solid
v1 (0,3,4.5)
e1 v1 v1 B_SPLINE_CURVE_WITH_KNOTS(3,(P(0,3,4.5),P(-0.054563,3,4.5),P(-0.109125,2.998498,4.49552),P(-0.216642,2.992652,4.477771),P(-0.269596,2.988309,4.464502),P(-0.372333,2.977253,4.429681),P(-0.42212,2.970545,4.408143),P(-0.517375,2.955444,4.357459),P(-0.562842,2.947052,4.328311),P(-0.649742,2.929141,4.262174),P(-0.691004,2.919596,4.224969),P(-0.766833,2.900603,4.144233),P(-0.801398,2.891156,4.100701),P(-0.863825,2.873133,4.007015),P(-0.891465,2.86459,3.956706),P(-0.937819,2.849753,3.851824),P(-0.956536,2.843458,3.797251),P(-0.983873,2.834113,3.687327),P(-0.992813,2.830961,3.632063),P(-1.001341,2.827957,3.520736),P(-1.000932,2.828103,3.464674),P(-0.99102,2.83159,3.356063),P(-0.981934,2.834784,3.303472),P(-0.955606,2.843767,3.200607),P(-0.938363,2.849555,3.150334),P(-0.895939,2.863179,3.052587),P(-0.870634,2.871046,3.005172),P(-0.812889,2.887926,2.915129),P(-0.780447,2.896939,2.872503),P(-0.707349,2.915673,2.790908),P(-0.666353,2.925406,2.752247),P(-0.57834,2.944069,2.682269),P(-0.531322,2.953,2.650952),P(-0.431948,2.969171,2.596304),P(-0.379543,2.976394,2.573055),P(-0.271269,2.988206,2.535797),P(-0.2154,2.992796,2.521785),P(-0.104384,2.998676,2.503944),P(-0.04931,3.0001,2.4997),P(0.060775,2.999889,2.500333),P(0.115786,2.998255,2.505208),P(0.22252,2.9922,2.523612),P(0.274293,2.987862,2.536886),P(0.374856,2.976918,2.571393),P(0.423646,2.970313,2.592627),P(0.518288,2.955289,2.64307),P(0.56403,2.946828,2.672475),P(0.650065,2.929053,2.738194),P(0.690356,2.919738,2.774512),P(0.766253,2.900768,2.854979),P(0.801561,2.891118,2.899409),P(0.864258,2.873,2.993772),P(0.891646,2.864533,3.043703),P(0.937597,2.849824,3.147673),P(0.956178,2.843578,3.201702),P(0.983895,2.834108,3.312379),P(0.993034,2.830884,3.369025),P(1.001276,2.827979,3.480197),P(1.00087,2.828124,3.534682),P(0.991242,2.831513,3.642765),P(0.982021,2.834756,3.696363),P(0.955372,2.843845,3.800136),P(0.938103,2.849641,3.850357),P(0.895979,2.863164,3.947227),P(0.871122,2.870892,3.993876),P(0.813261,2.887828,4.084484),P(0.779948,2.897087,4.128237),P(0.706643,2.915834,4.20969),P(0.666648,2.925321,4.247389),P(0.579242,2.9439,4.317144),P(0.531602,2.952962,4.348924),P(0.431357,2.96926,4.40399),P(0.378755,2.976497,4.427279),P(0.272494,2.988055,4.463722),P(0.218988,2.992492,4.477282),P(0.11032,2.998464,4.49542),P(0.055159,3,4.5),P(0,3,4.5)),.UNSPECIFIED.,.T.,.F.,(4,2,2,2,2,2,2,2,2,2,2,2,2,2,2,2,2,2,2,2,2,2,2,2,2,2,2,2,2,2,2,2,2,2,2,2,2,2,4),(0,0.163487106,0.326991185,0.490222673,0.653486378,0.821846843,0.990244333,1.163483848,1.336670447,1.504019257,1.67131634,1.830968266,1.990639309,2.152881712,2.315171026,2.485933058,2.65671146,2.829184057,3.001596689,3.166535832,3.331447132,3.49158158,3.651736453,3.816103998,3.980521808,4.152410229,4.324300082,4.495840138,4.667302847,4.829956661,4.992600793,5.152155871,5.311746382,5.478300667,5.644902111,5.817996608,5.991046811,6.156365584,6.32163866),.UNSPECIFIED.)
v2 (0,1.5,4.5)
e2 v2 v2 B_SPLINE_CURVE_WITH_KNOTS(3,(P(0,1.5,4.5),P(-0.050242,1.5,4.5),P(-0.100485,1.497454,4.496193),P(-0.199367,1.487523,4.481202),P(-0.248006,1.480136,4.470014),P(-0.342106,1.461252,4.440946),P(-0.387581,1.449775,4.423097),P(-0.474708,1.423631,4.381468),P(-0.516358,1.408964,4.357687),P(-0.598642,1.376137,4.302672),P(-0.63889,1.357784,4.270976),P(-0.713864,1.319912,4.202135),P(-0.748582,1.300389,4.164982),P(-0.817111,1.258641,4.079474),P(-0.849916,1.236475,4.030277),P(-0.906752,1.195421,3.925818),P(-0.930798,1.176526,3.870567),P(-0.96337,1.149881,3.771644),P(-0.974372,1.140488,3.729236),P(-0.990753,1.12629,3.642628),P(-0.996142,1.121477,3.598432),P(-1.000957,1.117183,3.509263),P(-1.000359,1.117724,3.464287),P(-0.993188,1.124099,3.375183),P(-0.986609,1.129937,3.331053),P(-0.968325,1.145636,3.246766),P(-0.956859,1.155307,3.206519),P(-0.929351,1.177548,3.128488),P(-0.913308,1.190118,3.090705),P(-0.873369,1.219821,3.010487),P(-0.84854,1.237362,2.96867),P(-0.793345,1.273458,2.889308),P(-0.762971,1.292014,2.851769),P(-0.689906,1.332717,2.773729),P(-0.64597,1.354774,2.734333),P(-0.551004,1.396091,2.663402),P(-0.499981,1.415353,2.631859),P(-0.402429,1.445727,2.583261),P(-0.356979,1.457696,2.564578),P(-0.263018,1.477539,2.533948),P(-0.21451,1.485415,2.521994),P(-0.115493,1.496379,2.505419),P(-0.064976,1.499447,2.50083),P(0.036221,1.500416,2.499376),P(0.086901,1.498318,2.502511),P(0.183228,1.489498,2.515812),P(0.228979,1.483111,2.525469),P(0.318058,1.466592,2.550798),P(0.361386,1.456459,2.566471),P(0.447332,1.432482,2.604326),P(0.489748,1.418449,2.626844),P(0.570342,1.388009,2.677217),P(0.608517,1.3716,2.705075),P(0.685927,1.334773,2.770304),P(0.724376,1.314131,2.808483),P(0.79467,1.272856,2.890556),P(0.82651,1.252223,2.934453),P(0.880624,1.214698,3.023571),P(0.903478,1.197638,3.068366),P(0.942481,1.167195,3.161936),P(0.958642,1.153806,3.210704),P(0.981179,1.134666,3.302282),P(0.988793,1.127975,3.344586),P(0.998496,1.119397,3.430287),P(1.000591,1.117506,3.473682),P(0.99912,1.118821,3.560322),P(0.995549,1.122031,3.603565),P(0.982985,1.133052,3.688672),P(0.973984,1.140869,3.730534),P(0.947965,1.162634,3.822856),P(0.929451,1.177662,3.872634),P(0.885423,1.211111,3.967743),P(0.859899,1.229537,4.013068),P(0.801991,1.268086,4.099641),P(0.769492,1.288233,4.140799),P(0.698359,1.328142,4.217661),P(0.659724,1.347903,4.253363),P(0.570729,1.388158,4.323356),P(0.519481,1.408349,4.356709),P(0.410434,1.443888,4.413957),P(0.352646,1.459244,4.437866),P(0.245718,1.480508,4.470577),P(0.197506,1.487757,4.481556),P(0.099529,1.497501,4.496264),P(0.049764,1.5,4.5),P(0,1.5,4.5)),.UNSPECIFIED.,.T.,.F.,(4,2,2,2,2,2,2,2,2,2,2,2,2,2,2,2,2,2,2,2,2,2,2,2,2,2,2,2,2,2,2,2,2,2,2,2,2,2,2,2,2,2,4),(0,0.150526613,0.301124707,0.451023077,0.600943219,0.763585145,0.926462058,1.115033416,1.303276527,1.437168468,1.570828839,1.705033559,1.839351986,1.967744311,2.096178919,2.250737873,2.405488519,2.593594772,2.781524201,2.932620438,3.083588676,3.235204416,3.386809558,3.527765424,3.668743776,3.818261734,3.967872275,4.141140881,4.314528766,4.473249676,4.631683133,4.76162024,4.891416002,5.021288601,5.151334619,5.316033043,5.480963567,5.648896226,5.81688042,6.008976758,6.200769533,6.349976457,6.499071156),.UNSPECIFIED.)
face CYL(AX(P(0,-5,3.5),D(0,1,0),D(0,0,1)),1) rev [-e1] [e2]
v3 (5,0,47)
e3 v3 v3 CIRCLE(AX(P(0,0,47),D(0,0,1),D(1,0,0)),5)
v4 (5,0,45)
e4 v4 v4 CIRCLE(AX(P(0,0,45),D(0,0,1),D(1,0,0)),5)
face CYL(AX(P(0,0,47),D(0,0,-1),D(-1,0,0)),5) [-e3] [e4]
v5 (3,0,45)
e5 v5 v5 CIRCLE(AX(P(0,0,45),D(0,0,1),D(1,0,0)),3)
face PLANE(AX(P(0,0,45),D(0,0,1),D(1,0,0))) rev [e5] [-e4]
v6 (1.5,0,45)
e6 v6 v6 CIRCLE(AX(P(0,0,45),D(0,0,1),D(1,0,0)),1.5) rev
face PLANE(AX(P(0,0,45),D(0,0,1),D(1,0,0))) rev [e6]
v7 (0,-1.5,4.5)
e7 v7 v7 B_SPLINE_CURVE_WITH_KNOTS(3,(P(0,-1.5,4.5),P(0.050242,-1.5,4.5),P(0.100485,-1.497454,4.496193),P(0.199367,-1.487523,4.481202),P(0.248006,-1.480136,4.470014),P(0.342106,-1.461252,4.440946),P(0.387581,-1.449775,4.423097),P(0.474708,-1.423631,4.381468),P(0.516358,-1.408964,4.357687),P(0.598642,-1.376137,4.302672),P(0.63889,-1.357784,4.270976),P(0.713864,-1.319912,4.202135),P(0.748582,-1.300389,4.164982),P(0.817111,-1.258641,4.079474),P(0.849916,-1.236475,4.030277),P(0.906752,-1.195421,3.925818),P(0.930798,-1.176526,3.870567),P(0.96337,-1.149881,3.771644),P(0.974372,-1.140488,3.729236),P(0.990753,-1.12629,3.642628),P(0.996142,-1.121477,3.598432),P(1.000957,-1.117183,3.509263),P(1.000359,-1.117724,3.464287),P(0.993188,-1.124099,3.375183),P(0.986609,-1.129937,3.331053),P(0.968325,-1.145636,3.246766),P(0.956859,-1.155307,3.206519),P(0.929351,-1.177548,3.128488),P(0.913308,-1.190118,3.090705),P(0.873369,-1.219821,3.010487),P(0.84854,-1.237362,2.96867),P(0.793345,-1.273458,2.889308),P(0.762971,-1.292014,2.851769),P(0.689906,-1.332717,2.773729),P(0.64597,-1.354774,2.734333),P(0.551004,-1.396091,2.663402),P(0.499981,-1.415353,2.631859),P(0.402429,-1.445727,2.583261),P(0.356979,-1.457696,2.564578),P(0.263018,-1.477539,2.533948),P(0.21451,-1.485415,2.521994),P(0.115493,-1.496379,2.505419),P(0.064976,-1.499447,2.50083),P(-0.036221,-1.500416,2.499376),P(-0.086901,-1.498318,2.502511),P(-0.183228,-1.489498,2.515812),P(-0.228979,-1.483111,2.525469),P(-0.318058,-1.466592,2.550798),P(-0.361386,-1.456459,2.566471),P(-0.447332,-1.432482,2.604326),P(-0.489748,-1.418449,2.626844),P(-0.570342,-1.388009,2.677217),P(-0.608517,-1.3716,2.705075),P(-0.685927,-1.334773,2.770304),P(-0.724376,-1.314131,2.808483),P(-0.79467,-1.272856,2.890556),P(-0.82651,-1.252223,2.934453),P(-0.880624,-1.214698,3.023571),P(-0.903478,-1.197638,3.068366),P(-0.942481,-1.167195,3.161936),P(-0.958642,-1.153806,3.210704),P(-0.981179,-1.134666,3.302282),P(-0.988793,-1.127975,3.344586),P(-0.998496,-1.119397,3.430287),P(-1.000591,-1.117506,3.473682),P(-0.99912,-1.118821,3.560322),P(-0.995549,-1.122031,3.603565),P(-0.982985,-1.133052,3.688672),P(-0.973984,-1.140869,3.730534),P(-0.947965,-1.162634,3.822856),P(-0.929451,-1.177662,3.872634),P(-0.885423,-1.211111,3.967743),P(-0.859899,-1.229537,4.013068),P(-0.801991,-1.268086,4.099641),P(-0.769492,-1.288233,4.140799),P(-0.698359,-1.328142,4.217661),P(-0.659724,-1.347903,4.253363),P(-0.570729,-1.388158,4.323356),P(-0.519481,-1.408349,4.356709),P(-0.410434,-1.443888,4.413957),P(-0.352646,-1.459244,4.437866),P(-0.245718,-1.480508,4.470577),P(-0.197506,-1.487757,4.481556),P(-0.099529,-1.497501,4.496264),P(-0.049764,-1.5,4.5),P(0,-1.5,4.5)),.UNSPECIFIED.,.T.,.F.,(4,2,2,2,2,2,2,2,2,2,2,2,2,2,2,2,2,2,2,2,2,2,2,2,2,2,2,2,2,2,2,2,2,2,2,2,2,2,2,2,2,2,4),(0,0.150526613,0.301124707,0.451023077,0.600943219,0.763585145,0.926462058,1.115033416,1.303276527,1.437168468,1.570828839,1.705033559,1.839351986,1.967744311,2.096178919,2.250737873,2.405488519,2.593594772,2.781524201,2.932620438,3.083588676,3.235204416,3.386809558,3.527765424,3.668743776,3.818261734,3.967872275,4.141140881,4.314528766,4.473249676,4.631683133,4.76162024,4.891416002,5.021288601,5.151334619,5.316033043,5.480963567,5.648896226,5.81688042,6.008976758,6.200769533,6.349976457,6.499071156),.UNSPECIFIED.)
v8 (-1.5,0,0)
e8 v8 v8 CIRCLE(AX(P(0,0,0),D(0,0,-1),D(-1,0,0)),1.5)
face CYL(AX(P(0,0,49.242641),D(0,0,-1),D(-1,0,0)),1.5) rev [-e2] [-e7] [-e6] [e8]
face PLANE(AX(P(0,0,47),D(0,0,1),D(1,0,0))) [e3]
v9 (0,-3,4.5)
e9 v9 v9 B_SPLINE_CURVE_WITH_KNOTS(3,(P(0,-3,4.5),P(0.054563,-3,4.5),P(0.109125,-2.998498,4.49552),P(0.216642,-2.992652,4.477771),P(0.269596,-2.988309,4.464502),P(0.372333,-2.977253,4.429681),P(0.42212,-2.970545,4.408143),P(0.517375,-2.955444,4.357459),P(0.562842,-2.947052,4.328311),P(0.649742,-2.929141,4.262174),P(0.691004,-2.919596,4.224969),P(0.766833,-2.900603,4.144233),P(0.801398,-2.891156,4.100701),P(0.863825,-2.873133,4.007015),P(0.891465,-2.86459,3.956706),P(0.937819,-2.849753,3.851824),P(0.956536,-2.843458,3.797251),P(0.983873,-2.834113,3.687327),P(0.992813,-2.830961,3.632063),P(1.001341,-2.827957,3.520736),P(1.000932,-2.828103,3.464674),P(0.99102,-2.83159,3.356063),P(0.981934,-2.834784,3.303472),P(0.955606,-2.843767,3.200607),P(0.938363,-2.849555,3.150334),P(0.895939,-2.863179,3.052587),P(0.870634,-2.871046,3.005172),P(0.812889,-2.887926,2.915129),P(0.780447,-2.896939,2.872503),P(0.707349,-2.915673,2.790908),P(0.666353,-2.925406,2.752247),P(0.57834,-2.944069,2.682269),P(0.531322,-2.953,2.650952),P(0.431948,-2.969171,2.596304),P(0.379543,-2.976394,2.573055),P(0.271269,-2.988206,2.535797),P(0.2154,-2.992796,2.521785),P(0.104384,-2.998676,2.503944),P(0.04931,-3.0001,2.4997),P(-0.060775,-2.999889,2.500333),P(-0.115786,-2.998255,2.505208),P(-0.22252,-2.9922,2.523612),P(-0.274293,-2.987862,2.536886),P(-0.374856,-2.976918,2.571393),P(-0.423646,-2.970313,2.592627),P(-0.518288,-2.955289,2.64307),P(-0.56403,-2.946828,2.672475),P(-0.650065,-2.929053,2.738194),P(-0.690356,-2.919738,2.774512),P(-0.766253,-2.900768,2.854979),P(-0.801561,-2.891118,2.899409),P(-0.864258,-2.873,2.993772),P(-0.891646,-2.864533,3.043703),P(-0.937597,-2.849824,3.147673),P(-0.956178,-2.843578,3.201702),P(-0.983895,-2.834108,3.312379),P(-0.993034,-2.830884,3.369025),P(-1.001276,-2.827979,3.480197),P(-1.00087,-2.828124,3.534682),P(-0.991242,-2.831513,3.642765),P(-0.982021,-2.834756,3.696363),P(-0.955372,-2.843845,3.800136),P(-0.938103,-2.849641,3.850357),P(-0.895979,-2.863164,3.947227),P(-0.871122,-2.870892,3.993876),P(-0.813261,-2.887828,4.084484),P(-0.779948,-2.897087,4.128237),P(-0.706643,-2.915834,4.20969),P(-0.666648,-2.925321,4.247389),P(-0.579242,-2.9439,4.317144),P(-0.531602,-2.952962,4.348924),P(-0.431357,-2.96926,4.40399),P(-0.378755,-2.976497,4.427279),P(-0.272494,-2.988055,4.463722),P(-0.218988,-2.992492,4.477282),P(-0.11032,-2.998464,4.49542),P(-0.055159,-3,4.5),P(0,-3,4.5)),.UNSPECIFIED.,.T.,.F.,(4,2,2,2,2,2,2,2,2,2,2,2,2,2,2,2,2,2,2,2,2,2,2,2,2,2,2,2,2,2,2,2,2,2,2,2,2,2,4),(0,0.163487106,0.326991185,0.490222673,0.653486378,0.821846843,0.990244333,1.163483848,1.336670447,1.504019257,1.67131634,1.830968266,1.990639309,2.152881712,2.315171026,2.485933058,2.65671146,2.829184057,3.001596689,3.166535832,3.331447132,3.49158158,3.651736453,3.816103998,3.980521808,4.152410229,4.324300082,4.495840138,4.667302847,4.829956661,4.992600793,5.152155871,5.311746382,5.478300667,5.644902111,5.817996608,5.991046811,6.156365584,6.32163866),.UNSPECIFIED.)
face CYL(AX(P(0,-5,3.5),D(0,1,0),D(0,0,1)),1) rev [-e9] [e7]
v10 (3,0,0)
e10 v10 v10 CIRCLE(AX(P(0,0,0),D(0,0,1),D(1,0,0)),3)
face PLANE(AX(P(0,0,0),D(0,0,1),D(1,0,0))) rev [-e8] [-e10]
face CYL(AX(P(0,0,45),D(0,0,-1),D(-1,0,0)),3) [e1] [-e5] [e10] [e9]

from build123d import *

# Parameters (mm, degrees)
SKETCH1_R               = 3
BOSS_EXTRUDE1_DEPTH     = 45
SKETCH2_R               = 5
BOSS_EXTRUDE2_DEPTH     = 2
CUT_EXTRUDE1_DEPTH      = 48.528938553
CUT_EXTRUDE1_DEPTH_BACK = 48.528938553
SKETCH3_R               = 1
SKETCH4_R               = 1.5
CUT_EXTRUDE2_DEPTH      = 45


with BuildPart() as part:
    # Sketch1 → Boss-Extrude1 (new body)
    with BuildSketch(Plane.XY):
        with Locations(Location((0, 0, 0), (0, 0, 180))):
            Circle(SKETCH1_R)
    extrude(amount=BOSS_EXTRUDE1_DEPTH)

    # Sketch2 → Boss-Extrude2 (add)
    with BuildSketch(Plane.XY.offset(45)):
        Circle(SKETCH2_R)
    extrude(amount=BOSS_EXTRUDE2_DEPTH)

    # Sketch3 → Cut-Extrude1 (cut, two sides: drawn at the far end of the back side and taken through both)
    with BuildSketch(Plane(origin=(0, 0, 0), x_dir=(1, 0, 0), z_dir=(0, 1, 0)).offset(-CUT_EXTRUDE1_DEPTH_BACK)):
        with Locations(Location((0, -3.5, 0), (0, 0, 270))):
            Circle(SKETCH3_R)
    extrude(amount=CUT_EXTRUDE1_DEPTH + CUT_EXTRUDE1_DEPTH_BACK, mode=Mode.SUBTRACT)

    # Sketch4 → Cut-Extrude2 (cut)
    with BuildSketch(Plane(origin=(0, 0, 0), x_dir=(-1, 0, 0), z_dir=(0, 0, -1))):
        Circle(SKETCH4_R)
    extrude(amount=-CUT_EXTRUDE2_DEPTH, mode=Mode.SUBTRACT)


solid = part.part
